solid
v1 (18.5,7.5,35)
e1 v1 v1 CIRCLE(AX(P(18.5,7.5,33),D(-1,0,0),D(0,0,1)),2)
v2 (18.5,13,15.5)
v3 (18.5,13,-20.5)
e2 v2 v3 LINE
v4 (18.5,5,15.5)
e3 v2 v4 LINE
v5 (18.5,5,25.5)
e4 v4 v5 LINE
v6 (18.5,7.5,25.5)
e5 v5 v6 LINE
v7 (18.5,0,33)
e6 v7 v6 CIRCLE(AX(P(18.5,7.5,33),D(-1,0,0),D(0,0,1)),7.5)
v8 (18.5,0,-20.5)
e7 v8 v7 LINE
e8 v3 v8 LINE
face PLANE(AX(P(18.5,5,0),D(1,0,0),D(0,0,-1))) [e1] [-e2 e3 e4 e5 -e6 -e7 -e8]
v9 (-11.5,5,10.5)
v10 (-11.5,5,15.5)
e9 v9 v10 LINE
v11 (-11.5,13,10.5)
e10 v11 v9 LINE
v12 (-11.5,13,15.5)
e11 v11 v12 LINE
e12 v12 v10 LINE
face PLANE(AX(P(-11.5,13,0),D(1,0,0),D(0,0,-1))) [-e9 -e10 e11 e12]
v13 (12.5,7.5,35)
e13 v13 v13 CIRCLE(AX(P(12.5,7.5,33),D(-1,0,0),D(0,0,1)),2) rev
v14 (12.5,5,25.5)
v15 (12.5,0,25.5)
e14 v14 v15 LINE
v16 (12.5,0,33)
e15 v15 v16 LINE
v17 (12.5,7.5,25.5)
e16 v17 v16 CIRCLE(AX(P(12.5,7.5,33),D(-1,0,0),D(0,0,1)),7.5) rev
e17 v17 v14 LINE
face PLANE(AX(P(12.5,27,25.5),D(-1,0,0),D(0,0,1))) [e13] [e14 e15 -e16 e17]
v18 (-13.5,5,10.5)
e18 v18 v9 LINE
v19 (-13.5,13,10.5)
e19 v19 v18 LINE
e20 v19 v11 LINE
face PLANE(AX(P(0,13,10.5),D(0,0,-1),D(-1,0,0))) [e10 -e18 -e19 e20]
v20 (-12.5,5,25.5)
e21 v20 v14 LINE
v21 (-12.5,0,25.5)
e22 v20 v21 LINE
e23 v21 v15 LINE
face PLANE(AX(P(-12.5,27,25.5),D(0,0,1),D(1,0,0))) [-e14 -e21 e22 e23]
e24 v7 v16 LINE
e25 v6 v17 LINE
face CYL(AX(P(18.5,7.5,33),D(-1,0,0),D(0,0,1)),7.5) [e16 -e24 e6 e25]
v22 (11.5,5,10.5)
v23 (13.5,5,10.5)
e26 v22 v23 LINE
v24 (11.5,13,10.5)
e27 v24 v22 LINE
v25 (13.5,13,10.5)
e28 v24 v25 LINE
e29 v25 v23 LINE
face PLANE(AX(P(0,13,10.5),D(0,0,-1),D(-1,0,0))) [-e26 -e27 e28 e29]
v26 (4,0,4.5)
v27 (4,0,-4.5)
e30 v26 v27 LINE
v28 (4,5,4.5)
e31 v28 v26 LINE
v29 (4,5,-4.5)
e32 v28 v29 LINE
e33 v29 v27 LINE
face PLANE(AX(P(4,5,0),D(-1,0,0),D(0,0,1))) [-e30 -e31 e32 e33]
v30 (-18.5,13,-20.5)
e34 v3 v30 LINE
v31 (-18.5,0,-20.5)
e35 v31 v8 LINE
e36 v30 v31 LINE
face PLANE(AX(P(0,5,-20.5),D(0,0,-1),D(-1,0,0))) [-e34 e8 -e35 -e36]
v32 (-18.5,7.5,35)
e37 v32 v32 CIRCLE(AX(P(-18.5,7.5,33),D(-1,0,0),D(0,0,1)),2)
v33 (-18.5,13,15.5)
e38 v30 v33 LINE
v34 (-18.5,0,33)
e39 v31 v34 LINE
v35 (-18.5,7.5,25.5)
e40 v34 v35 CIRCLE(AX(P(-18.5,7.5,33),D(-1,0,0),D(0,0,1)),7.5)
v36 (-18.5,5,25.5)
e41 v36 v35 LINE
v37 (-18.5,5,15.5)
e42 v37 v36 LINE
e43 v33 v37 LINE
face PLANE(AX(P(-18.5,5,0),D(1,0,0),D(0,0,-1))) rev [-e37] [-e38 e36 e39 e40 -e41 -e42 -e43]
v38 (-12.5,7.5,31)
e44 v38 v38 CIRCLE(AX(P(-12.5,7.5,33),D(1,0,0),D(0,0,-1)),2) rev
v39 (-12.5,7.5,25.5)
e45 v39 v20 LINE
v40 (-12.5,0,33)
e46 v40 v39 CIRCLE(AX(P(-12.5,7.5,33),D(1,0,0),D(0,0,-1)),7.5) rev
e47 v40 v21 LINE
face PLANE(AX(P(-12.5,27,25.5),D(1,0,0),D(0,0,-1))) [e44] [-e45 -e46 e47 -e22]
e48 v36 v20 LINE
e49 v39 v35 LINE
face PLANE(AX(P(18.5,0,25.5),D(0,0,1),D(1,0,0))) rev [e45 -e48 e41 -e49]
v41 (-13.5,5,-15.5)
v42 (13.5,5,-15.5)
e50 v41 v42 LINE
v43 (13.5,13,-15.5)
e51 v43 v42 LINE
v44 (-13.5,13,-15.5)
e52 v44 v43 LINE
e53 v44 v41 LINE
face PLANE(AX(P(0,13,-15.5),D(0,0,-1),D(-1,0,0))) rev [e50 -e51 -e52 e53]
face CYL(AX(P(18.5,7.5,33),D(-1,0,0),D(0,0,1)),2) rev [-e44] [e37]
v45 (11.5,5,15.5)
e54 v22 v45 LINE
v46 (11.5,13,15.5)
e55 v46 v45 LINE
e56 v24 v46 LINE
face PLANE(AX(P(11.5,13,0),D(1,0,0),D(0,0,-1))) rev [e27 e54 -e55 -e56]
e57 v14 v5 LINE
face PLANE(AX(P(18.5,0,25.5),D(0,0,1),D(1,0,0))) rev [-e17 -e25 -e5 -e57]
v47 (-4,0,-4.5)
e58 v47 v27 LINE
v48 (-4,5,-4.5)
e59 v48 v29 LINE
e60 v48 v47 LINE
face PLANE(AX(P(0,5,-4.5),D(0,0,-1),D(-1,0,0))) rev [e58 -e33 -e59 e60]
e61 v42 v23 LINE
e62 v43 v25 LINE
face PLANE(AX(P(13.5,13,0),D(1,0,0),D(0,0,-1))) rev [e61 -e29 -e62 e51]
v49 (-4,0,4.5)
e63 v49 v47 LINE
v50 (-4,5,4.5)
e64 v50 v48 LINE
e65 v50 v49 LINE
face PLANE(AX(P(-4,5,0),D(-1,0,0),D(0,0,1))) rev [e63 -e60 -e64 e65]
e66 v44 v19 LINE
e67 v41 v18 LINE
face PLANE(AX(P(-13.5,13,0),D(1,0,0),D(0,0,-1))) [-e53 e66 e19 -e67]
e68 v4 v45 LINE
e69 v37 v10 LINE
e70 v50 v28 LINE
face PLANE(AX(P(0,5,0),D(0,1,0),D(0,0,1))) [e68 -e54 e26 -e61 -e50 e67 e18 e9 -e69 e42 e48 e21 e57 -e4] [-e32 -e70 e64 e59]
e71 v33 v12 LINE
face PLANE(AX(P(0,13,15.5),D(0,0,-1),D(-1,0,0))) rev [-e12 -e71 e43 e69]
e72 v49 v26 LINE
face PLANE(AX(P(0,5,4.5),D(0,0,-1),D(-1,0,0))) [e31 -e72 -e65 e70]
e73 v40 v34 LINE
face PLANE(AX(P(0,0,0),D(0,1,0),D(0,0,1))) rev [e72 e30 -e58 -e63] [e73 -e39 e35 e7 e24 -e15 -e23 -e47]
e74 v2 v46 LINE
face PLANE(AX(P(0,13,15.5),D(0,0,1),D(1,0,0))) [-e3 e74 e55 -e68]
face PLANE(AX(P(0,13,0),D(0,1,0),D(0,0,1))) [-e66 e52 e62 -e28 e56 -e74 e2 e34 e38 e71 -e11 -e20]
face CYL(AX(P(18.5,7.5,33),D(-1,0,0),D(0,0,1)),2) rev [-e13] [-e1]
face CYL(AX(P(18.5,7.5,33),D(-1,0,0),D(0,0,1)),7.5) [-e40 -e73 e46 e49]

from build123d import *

# Parameters (mm, degrees)
SKIZZE1_W                            = 37
SKIZZE1_H                            = 46
SKIZZE1_W_2                          = 25
SKIZZE1_H_2                          = 24
SKIZZE1_W_3                          = 8
SKIZZE1_H_3                          = 9
AUFSATZ_LINEAR_AUSTRAGEN2_DEPTH      = 5
AUFSATZ_LINEAR_AUSTRAGEN3_DEPTH      = 8
AUFSATZ_LINEAR_AUSTRAGEN4_DEPTH      = 37
SCHNITT_LINEAR_AUSTRAGEN1_DEPTH      = 22
SCHNITT_LINEAR_AUSTRAGEN1_DEPTH_BACK = 11
SKIZZE4_W                            = 25
SKIZZE4_H                            = 15


with BuildPart() as part:
    # Skizze1 → Aufsatz-Linear austragen2 (new body)
    # profile 1 of 2: a face of its own
    with BuildSketch(Plane(origin=(0, 0, 0), x_dir=(1, 0, 0), z_dir=(0, 1, 0))):
        with Locations((0, -2.5)):
            Rectangle(SKIZZE1_W, SKIZZE1_H)
        with Locations((0, 2.5)):
            Rectangle(SKIZZE1_W_2, SKIZZE1_H_2, mode=Mode.SUBTRACT)
    # profile 2 of 2: a face of its own
    with BuildSketch(Plane(origin=(0, 0, 0), x_dir=(1, 0, 0), z_dir=(0, 1, 0))):
        with Locations((0, 2.5)):
            Rectangle(SKIZZE1_W_2, SKIZZE1_H_2)
        Rectangle(SKIZZE1_W_3, SKIZZE1_H_3, mode=Mode.SUBTRACT)
    extrude(amount=AUFSATZ_LINEAR_AUSTRAGEN2_DEPTH)

    # Skizze2 → Aufsatz-Linear austragen3 (add)
    with BuildSketch(Plane(origin=(0, 5, 0), x_dir=(1, 0, 0), z_dir=(0, 1, 0))):
        Polygon((-13.5, -10.5), (-13.5, 15.5), (13.5, 15.5), (13.5, -10.5), (18.5, -10.5), (18.5, 20.5), (-18.5, 20.5), (-18.5, -10.5), align=None)
        Polygon((-11.5, -10.5), (-13.5, -10.5), (-18.5, -10.5), (-18.5, -15.5), (-11.5, -15.5), align=None)
        Polygon((18.5, -10.5), (13.5, -10.5), (11.5, -10.5), (11.5, -15.5), (18.5, -15.5), align=None)
    extrude(amount=AUFSATZ_LINEAR_AUSTRAGEN3_DEPTH)

    # Skizze3 → Aufsatz-Linear austragen4 (add)
    with BuildSketch(Plane.ZY.offset(18.5)):
        with BuildLine():
            Line((25.5, 0), (33, 0))
            ThreePointArc((33, 0), (27.696699141, 2.196699141), (25.5, 7.5))
            Line((25.5, 7.5), (25.5, 5))
            Line((25.5, 5), (25.5, 0))
        make_face()
        with BuildLine():
            ThreePointArc((31, 7.5), (33, 9.5), (35, 7.5))
            Line((35, 7.5), (40.5, 7.5))
            ThreePointArc((40.5, 7.5), (38.303300859, 12.803300859), (33, 15))
            ThreePointArc((33, 15), (27.696699141, 12.803300859), (25.5, 7.5))
            Line((25.5, 7.5), (31, 7.5))
        make_face()
        with BuildLine():
            Line((40.5, 7.5), (35, 7.5))
            ThreePointArc((35, 7.5), (33, 5.5), (31, 7.5))
            Line((31, 7.5), (25.5, 7.5))
            ThreePointArc((25.5, 7.5), (27.696699141, 2.196699141), (33, 0))
            ThreePointArc((33, 0), (38.303300859, 2.196699141), (40.5, 7.5))
        make_face()
    extrude(amount=-AUFSATZ_LINEAR_AUSTRAGEN4_DEPTH)

    # Skizze4 → Schnitt-Linear austragen1 (cut, two sides: drawn at the far end of the back side and taken through both)
    with BuildSketch(Plane(origin=(0, 5, 0), x_dir=(1, 0, 0), z_dir=(0, 1, 0)).offset(-SCHNITT_LINEAR_AUSTRAGEN1_DEPTH_BACK)):
        with Locations((0, -33)):
            Rectangle(SKIZZE4_W, SKIZZE4_H)
    extrude(amount=SCHNITT_LINEAR_AUSTRAGEN1_DEPTH + SCHNITT_LINEAR_AUSTRAGEN1_DEPTH_BACK, mode=Mode.SUBTRACT)


solid = part.part
